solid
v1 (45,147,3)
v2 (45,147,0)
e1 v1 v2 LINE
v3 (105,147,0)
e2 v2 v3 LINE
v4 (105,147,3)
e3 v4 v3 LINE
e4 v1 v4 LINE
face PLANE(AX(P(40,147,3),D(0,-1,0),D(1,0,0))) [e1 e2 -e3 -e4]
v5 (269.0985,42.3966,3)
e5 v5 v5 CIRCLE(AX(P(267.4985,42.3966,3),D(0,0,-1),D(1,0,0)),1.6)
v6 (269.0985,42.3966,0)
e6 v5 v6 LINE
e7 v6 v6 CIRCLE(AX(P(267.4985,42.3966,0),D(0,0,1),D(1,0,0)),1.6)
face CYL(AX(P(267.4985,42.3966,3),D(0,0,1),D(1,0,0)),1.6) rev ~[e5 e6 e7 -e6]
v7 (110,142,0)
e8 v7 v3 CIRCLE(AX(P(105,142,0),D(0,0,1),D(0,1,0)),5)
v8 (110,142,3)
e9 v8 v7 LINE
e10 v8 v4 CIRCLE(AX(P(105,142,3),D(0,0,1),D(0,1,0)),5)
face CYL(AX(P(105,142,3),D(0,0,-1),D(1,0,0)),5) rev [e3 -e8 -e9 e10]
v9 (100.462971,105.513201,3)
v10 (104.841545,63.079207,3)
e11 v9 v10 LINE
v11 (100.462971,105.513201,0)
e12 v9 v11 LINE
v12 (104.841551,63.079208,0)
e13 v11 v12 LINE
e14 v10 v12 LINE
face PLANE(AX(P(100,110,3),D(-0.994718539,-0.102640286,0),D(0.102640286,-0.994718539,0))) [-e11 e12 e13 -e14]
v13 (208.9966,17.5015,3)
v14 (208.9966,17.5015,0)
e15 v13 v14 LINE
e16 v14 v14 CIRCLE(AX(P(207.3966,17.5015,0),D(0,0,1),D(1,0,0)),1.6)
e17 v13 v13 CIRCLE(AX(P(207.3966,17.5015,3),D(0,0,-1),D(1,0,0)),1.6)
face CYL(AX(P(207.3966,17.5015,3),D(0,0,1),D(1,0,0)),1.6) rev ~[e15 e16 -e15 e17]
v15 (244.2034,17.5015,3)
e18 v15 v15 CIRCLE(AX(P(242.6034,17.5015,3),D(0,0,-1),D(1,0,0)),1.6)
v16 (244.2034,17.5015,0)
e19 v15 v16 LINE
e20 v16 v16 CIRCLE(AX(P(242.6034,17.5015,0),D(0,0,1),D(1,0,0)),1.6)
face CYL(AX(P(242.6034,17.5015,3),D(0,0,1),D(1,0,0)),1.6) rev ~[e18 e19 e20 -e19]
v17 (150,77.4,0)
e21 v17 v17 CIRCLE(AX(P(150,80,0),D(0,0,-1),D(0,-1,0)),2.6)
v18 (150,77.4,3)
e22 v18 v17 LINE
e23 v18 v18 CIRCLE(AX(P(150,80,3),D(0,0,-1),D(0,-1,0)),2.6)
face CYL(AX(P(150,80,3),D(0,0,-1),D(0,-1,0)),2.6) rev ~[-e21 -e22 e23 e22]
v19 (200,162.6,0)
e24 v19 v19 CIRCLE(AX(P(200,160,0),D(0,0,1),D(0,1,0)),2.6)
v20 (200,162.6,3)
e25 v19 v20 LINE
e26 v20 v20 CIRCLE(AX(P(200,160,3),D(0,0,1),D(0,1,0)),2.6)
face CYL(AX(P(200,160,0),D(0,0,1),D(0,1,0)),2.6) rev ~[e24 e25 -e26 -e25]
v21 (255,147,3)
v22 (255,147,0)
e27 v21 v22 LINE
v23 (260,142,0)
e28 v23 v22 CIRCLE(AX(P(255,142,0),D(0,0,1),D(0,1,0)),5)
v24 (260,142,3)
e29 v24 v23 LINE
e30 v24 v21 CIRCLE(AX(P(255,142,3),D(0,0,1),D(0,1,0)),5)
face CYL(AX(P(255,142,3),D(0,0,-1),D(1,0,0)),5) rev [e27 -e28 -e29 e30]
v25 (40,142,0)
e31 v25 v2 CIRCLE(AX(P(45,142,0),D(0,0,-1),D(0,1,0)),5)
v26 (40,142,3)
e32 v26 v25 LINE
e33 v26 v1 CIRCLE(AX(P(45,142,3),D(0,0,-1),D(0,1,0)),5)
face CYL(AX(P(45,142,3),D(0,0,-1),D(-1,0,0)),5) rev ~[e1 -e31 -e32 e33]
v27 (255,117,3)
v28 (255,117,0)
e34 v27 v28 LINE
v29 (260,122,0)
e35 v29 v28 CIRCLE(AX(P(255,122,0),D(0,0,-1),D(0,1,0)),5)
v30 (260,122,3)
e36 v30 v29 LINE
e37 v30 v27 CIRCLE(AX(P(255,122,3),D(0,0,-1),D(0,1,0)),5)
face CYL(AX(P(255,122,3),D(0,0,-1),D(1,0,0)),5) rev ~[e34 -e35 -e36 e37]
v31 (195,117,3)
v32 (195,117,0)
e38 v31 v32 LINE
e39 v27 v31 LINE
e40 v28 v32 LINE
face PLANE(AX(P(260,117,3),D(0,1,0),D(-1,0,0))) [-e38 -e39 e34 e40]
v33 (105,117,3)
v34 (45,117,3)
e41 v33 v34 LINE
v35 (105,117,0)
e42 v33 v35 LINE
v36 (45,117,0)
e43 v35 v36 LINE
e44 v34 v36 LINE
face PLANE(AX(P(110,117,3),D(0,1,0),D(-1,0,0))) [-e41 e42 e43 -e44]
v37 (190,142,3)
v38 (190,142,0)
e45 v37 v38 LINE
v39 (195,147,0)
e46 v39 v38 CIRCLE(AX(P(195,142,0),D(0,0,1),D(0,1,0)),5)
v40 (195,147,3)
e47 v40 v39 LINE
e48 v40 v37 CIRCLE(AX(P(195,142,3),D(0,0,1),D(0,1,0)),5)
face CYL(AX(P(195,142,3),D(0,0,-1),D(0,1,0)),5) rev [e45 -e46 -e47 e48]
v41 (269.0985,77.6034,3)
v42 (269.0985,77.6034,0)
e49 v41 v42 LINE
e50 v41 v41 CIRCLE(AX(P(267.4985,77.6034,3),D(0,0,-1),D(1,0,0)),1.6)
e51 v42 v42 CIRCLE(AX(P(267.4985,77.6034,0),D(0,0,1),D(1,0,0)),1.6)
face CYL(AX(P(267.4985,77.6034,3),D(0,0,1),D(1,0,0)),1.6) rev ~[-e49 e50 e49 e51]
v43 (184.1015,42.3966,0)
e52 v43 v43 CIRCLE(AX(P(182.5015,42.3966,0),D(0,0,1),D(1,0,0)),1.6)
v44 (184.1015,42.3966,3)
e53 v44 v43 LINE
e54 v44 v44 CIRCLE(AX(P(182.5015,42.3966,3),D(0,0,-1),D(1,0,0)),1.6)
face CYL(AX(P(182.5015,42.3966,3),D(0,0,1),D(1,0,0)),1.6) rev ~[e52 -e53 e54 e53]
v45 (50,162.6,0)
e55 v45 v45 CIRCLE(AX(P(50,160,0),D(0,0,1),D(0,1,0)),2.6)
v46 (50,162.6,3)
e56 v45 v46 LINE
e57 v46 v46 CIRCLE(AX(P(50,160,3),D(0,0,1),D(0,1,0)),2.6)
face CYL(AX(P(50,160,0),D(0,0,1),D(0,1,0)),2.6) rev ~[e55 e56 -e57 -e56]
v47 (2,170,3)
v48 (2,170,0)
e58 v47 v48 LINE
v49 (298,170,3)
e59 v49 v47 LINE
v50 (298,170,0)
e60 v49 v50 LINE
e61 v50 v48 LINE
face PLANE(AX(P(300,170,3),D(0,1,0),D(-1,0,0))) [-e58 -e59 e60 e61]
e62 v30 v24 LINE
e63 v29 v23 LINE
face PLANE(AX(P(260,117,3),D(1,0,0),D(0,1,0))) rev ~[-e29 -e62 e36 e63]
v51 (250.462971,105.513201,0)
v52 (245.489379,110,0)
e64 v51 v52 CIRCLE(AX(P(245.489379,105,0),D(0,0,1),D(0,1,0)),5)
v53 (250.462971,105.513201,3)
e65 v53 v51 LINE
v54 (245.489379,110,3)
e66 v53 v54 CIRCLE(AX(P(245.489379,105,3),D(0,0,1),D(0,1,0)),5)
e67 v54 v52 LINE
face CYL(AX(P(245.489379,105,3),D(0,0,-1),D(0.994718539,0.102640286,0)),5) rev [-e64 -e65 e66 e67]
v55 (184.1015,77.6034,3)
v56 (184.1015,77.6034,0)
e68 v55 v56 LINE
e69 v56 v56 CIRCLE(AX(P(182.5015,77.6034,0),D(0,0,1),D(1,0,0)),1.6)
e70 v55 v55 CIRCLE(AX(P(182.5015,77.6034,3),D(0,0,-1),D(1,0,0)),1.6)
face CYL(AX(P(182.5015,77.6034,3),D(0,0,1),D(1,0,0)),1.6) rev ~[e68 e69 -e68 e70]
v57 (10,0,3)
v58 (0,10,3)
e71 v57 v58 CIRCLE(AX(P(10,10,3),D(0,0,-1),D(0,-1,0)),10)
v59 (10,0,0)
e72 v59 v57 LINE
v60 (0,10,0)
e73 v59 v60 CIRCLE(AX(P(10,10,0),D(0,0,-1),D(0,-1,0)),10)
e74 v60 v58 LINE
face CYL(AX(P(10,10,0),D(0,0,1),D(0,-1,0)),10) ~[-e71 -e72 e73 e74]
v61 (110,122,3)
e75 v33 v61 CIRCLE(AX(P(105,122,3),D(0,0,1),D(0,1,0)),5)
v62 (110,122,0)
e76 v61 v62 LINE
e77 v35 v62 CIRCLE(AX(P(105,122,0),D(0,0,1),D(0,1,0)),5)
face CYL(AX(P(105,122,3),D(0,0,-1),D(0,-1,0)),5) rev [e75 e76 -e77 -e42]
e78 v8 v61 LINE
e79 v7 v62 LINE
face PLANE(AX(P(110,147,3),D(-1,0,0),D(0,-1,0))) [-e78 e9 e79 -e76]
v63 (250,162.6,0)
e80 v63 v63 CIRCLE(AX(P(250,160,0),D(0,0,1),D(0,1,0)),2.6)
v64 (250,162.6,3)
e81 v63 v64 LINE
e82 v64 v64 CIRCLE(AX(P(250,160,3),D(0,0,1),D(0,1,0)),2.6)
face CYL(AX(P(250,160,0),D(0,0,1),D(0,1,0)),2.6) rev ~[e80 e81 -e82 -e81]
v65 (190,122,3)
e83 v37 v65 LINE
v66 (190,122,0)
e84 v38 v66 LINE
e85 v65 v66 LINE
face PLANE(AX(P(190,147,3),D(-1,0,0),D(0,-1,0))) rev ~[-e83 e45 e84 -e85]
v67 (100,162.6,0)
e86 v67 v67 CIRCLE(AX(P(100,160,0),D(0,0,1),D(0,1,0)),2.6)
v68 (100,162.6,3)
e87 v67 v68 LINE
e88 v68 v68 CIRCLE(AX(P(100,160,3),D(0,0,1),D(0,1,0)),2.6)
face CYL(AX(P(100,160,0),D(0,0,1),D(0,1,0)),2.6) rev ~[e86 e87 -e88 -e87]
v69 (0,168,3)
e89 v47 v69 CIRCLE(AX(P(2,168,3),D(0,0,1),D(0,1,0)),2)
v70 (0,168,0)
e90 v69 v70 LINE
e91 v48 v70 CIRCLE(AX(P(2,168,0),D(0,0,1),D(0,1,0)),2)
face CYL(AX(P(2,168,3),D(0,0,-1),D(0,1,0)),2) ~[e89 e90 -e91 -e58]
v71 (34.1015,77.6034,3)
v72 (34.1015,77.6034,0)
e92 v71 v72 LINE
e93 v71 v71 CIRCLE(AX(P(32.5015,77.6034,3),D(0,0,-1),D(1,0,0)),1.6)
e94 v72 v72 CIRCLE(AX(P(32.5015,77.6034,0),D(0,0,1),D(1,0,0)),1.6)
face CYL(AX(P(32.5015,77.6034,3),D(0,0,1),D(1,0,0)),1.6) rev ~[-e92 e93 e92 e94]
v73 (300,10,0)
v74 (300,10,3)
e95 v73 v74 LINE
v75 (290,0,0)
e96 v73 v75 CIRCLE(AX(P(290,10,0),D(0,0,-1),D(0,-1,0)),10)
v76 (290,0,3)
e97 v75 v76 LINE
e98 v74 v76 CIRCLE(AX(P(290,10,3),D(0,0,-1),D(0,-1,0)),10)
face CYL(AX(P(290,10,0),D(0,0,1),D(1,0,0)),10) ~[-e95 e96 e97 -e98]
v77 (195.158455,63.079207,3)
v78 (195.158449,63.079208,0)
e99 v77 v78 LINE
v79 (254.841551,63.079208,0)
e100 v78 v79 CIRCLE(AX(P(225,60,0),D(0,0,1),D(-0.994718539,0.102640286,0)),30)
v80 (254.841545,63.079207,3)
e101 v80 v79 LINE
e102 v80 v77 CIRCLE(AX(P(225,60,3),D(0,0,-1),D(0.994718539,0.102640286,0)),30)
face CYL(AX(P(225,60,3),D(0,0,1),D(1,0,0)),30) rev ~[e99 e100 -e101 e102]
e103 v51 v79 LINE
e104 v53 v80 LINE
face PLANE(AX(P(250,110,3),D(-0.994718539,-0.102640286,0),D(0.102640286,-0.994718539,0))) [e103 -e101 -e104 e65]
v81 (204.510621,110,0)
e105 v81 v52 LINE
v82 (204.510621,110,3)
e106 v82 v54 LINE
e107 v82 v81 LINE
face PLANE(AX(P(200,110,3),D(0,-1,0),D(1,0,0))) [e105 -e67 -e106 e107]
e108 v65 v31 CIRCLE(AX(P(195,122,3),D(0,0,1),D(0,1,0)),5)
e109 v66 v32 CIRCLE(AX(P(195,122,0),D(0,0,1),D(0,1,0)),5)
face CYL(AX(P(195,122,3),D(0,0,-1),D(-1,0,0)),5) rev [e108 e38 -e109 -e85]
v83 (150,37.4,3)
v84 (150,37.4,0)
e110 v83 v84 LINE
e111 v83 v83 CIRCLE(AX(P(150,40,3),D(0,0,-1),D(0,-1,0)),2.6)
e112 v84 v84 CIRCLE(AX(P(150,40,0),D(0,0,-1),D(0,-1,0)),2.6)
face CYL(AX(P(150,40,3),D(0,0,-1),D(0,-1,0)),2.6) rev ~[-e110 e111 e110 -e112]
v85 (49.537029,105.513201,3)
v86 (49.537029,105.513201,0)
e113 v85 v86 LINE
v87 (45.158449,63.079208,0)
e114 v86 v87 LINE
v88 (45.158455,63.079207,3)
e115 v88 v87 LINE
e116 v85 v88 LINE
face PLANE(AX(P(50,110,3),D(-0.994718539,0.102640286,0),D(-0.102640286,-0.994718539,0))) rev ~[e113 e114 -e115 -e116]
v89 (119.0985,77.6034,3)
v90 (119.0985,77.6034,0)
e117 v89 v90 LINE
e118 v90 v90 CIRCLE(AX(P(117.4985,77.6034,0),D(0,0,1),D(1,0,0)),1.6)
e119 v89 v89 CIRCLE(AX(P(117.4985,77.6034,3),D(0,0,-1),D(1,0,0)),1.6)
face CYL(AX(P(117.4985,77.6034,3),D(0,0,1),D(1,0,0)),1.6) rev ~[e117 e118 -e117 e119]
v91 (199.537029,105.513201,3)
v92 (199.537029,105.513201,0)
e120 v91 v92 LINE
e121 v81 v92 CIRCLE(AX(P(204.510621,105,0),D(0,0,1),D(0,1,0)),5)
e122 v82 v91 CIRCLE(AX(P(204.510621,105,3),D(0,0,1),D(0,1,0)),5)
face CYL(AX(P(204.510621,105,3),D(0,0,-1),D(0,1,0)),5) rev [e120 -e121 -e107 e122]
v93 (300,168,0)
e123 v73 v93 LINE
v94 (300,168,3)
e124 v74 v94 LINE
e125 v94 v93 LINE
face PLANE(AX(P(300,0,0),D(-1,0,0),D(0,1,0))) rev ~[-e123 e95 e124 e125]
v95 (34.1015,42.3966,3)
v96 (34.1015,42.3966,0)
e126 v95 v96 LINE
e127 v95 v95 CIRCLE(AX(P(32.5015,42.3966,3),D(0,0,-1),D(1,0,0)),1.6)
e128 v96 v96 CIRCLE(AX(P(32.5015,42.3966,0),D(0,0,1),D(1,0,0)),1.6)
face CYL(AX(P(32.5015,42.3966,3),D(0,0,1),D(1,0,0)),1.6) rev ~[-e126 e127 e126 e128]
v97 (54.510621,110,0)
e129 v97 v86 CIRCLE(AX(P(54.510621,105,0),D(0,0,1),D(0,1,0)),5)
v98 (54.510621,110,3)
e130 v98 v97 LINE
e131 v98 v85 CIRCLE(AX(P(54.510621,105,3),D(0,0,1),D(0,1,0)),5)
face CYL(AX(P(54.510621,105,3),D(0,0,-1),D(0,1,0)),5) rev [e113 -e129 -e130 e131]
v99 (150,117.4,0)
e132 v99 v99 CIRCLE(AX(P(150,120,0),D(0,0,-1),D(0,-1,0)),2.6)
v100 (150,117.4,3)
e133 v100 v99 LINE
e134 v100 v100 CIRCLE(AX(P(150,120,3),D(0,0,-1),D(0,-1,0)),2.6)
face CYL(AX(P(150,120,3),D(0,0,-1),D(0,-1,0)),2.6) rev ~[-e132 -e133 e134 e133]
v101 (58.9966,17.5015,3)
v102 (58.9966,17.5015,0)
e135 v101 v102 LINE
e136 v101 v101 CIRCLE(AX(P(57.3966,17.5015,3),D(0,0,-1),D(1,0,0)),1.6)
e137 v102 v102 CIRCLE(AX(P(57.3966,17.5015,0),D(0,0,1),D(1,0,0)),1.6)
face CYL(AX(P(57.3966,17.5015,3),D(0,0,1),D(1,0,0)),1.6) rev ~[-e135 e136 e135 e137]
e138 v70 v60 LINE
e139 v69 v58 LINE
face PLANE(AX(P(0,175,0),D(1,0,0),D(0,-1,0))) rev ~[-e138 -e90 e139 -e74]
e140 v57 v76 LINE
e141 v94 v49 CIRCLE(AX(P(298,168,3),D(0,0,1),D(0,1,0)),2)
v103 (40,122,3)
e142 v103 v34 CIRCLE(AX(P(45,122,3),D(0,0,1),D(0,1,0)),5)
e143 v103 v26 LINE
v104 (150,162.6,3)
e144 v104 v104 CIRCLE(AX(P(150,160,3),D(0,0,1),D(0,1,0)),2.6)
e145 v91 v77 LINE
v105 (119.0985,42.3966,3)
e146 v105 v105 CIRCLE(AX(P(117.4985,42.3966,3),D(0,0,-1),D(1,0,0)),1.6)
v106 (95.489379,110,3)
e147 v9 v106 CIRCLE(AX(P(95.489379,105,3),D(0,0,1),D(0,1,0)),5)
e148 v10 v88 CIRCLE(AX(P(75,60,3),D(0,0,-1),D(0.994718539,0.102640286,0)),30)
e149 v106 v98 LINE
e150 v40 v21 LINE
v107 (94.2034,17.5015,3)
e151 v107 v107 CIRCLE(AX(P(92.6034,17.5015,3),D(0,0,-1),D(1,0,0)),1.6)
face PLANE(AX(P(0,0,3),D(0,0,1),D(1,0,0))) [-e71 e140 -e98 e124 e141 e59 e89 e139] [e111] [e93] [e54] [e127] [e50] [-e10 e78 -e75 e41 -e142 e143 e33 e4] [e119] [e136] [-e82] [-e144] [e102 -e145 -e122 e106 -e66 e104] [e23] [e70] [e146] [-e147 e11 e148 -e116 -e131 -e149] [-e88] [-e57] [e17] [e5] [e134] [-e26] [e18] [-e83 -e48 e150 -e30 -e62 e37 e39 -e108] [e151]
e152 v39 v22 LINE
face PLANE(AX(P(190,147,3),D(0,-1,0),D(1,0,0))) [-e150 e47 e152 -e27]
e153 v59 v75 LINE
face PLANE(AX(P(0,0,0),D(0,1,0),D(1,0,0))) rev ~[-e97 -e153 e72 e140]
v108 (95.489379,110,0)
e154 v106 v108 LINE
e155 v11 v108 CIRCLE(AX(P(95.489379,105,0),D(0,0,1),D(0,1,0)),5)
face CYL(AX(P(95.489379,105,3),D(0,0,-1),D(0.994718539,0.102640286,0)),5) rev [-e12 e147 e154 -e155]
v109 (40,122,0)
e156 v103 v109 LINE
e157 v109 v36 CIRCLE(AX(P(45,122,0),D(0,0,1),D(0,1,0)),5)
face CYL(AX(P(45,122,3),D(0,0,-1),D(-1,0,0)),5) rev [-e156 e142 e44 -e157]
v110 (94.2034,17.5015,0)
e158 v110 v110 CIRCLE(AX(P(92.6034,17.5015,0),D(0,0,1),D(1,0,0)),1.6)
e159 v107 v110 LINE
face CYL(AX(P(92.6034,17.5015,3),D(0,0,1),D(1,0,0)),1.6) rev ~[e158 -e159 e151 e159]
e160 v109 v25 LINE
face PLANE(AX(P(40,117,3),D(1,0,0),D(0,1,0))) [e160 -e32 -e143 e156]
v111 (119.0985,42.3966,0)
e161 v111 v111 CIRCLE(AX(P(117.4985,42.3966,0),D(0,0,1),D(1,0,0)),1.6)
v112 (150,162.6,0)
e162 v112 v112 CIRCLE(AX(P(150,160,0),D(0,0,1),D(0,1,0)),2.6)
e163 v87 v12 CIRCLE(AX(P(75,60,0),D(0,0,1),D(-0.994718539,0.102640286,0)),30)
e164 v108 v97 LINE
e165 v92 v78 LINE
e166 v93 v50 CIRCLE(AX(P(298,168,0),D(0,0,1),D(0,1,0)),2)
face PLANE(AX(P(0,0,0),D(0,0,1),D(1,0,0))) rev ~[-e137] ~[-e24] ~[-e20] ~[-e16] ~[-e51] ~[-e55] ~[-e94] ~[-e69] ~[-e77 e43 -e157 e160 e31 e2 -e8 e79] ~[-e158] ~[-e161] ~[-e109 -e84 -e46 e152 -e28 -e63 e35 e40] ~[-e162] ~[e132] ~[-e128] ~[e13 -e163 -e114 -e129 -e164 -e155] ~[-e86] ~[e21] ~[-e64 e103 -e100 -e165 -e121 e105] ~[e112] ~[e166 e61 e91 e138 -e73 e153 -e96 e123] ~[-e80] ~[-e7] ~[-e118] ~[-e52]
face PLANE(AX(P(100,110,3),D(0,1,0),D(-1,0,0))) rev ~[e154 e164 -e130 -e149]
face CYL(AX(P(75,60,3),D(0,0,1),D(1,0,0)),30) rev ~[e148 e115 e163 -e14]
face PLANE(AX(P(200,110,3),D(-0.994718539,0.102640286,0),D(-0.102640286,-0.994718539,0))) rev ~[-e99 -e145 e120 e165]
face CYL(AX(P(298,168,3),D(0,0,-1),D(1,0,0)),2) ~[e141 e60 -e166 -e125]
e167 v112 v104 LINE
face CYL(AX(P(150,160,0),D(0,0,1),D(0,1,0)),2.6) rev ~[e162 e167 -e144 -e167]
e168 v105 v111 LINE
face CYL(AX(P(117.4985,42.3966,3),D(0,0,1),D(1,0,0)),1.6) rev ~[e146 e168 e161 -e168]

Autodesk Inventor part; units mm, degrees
ref_plane "YZ Plane" through (0, 0, 0) normal (1, 0, 0) x (0, 1, 0)
ref_plane "XZ Plane" through (0, 0, 0) normal (0, 1, 0) x (-1, 0, 0)
ref_plane "XY Plane" through (0, 0, 0) normal (0, 0, 1) x (1, 0, 0)
sketch "スケッチ1" plane through (0, 0, 0) normal (0, 0, 1) x (1, 0, 0)
  line L0 (0, 0) -> (300, 0)
  line L1 (300, 0) -> (300, 175)
  line L2 (300, 175) -> (0, 175)
  line L3 (0, 175) -> (0, 0)
  dimension "d0" = 175
  dimension "d1" = 300
extrude "押し出し1" add sketch "スケッチ1" along normal blind 3
sketch "スケッチ2" plane through (0, 0, 3) normal (0, 0, 1) x (1, 0, 0)
  line L0 (-6.3861, 0) -> (323.6139, 0)
  circle A0 centre (75, 60) radius 46
  circle A1 centre (225, 60) radius 46
  line L1 (75, 60) -> (75, 156.1238)
  line L2 (225, 60) -> (225, 147.3766)
  line L3 (75, 60) -> (50.2691, 119.7057)
  line L4 (225, 60) -> (203.3576, 112.2494)
  circle A2 centre (57.3966, 102.4985) radius 1.6
  circle A3 centre (207.3966, 102.4985) radius 1.6
  circle A4 centre (32.5015, 77.6034) radius 1.6
  circle A5 centre (32.5015, 42.3966) radius 1.6
  circle A6 centre (57.3966, 17.5015) radius 1.6
  circle A7 centre (92.6034, 17.5015) radius 1.6
  circle A8 centre (117.4985, 42.3966) radius 1.6
  circle A9 centre (117.4985, 77.6034) radius 1.6
  circle A10 centre (92.6034, 102.4985) radius 1.6
  circle A11 centre (182.5015, 77.6034) radius 1.6
  circle A12 centre (182.5015, 42.3966) radius 1.6
  circle A13 centre (207.3966, 17.5015) radius 1.6
  circle A14 centre (242.6034, 17.5015) radius 1.6
  circle A15 centre (267.4985, 42.3966) radius 1.6
  circle A16 centre (267.4985, 77.6034) radius 1.6
  circle A17 centre (242.6034, 102.4985) radius 1.6
  circle A18 centre (75, 60) radius 30
  circle A19 centre (225, 60) radius 30
  line L5 (323.6139, 175) -> (-6.3861, 175)
  line L6 (-6.3861, 145) -> (19.1813, 0)
  line L7 (323.6139, 145) -> (298.0465, 0)
  line L8 (0, 175) -> (0, 0)
  line L9 (300, 175) -> (300, 0)
  line L10 (300, 175) -> (0, 175) projected
  line L11 (0, 175) -> (0, 0) projected
  dimension "d10" = 92
  dimension "d11" = 92
  dimension "d8" = 60
  dimension "d9" = 60
  dimension "d12" = 22.5
  dimension "d13" = 22.5
  dimension "d14" = 3.2
  dimension "d15" = 3.2
  dimension "d16" = 360
  dimension "d17" = 360
  dimension "d18" = 60
  dimension "d19" = 60
  dimension "d20" = 175
  dimension "d21" = 30
  dimension "d22" = 30
  dimension "d23" = 80
  dimension "d24" = 80
  dimension "d25" = 300
  dimension "d26" = 0
  dimension "d27" = 0
  dimension "d28" = 150
  dimension "d29" = 75
extrude "押し出し2" cut sketch "スケッチ2" against normal blind 5 contours A9 A0 | A0 A9 | A8 A0 | A0 A8 | A7 A0 | A0 A7 | A6 A0 | A0 A6 | A18 L3 L1 | L1 L3 A18 | A5 A0 | A0 A5 | A4 A0 | A0 A4 | A16 A1 | A1 A16 | A15 A1 | A1 A15 | A14 A1 | A1 A14 | A13 A1 | A1 A13 | A19 L4 L2 | L2 L4 A19 | A12 A1 | A1 A12 | A11 A1 | A1 A11
sketch "スケッチ3" plane through (0, 0, 3) normal (0, 0, 1) x (1, 0, 0)
  circle A0 centre (75, 60) radius 30 projected
  line L0 (75, 60) -> (100, 60)
  line L1 (100, 60) -> (100, 110)
  line L2 (100, 110) -> (75, 110)
  line L3 (75, 110) -> (75, 60)
  line L4 (75, 110) -> (50, 110)
  line L5 (50, 110) -> (50, 60)
  line L6 (50, 60) -> (75, 60)
  line L7 (75, 60) -> (75, 110)
  line L8 (50, 110) -> (42.3811, 36.1629)
  line L9 (100, 110) -> (107.6189, 36.1629)
  line L10 (300, 175) -> (0, 175) projected
  line L11 (150, 175) -> (150, 0)
  line L12 (0, 0) -> (300, 0) projected
  line L13 (200, 110) -> (225, 110)
  line L14 (225, 110) -> (250, 110)
  line L15 (250, 110) -> (257.6189, 36.1629)
  line L16 (200, 110) -> (192.3811, 36.1629)
  circle A1 centre (225, 60) radius 30 projected
  circle A2 centre (225, 60) radius 30
  point P0 (45.1584, 63.0792)
  point P1 (104.8416, 63.0792)
  point P2 (195.1584, 63.0792)
  point P3 (254.8416, 63.0792)
  dimension "d32" = 25
  dimension "d33" = 50
  dimension "d34" = 25
extrude "押し出し3" cut sketch "スケッチ3" against normal blind 5 contours A0 L1 L9 | L8 L5 A0 | A0 L3 L2 L1 | L5 L4 L3 A0 | L13 L14 L15 A1 L16
sketch "スケッチ4" plane through (0, 0, 3) normal (0, 0, 1) x (1, 0, 0)
  line L0 (0, 175) -> (0, 0) projected
  line L1 (300, 0) -> (300, 175) projected
  line L2 (0, 175) -> (300, 175)
  line L3 (300, 175) -> (300, 110)
  line L4 (300, 110) -> (0, 110)
  line L5 (0, 110) -> (0, 175)
  line L6 (0, 147) -> (300, 147)
  line L7 (300, 147) -> (300, 117)
  line L8 (300, 117) -> (0, 117)
  line L9 (0, 117) -> (0, 147)
  line L10 (40, 147) -> (110, 147)
  line L11 (110, 147) -> (110, 117)
  line L12 (110, 117) -> (40, 117)
  line L13 (40, 117) -> (40, 147)
  line L14 (150, 117) -> (150, 0)
  line L15 (190, 147) -> (190, 117)
  line L16 (260, 117) -> (260, 147)
  point P0 (110, 147)
  dimension "d38" = 65
  dimension "d39" = 30
  dimension "d40" = 7
  dimension "d41" = 70
  dimension "d192" = 40
extrude "押し出し4" cut sketch "スケッチ4" against normal blind 5 contours L6 L11 L8 L13 | L16 L8 L15 L6
fillet "フィレット2" radius 5 12 edges at (110, 147, 1.5) (260, 147, 1.5) (260, 117, 1.5) (190, 147, 1.5) (190, 117, 1.5) (40, 117, 1.5) (40, 147, 1.5) (110, 117, 1.5) (100, 110, 1.5) (250, 110, 1.5) (200, 110, 1.5) (50, 110, 1.5)
sketch "スケッチ5" plane through (0, 0, 3) normal (0, 0, 1) x (1, 0, 0)
  line L0 (300, 175) -> (0, 175) projected
  line L1 (300, 0) -> (300, 175) projected
  line L2 (0, 175) -> (300, 175)
  line L3 (300, 175) -> (300, 170)
  line L4 (300, 170) -> (0, 170)
  line L5 (0, 170) -> (0, 175)
  line L6 (20, 175) -> (20, 170)
  line L7 (40, 175) -> (40, 170)
  line L8 (60, 175) -> (60, 170)
  line L9 (80, 175) -> (80, 170)
  line L10 (100, 175) -> (100, 170)
  line L11 (120, 175) -> (120, 170)
  line L12 (140, 175) -> (140, 170)
  line L13 (160, 175) -> (160, 170)
  line L14 (180, 175) -> (180, 170)
  line L15 (200, 175) -> (200, 170)
  line L16 (220, 175) -> (220, 170)
  line L17 (240, 175) -> (240, 170)
  line L18 (260, 175) -> (260, 170)
  line L19 (280, 175) -> (280, 170)
  line L20 (300, 175) -> (300, 170)
  point P0 (0, 0)
  point P1 (0, 172.5)
  dimension "d46" = 5
  dimension "d47" = 20
  dimension "d50" = 20
extrude "押し出し5" cut sketch "スケッチ5" against normal blind 5
fillet "フィレット6" radius 10 2 edges at (0, 0, 1.5) (300, 0, 1.5)
fillet "フィレット7" radius 2 2 edges at (300, 170, 1.5) (0, 170, 1.5)
sketch "スケッチ12" plane through (0, 0, 3) normal (0, 0, 1) x (1, 0, 0)
  line L0 (298, 170) -> (2, 170) projected
  line L1 (150, 170) -> (150, 0)
  line L2 (10, 0) -> (290, 0) projected
  line L3 (300, 10) -> (300, 168) projected
  line L4 (0, 168) -> (0, 10) projected
  point P0 (0, 0)
  point P1 (150, 40)
  point P2 (150, 80)
  point P3 (150, 120)
  dimension "d194" = 300
  dimension "d195" = 150
  dimension "d196" = 40
  dimension "d197" = 40
  dimension "d198" = 40
hole "穴3" at (150, 40, 3) at (150, 80, 3) at (150, 120, 3) direction (0, 0, -1) diameter 5.2 end through all
sketch "スケッチ14" plane through (0, 0, 0) normal (0, 0, -1) x (-1, 0, 0)
  line L0 (-300, 10) -> (-300, 168) projected
  line L1 (-300, 160) -> (0, 160)
  line L2 (0, 168) -> (0, 10) projected
  line L3 (-2, 170) -> (-298, 170) projected
  point P0 (0, 0)
  point P1 (-150, 160)
  point P2 (-200, 160)
  point P3 (-250, 160)
  point P4 (-100, 160)
  point P5 (-50, 160)
  dimension "d220" = 10
  dimension "d221" = 150
  dimension "d222" = 50
  dimension "d223" = 50
  dimension "d224" = 50
  dimension "d225" = 50
hole "穴4" at (150, 160, 0) at (200, 160, 0) at (250, 160, 0) at (100, 160, 0) at (50, 160, 0) direction (0, 0, 1) diameter 5.2 end through all
equation "\"d11\" = d10"
equation "\"d8\" = d9"
equation "\"d15\" = d14"
equation "\"d24\" = d23"
equation "\"d34\" = d32"
properties part number "RP_Waist-Under-ver2" material "アルミニウム 6061"
